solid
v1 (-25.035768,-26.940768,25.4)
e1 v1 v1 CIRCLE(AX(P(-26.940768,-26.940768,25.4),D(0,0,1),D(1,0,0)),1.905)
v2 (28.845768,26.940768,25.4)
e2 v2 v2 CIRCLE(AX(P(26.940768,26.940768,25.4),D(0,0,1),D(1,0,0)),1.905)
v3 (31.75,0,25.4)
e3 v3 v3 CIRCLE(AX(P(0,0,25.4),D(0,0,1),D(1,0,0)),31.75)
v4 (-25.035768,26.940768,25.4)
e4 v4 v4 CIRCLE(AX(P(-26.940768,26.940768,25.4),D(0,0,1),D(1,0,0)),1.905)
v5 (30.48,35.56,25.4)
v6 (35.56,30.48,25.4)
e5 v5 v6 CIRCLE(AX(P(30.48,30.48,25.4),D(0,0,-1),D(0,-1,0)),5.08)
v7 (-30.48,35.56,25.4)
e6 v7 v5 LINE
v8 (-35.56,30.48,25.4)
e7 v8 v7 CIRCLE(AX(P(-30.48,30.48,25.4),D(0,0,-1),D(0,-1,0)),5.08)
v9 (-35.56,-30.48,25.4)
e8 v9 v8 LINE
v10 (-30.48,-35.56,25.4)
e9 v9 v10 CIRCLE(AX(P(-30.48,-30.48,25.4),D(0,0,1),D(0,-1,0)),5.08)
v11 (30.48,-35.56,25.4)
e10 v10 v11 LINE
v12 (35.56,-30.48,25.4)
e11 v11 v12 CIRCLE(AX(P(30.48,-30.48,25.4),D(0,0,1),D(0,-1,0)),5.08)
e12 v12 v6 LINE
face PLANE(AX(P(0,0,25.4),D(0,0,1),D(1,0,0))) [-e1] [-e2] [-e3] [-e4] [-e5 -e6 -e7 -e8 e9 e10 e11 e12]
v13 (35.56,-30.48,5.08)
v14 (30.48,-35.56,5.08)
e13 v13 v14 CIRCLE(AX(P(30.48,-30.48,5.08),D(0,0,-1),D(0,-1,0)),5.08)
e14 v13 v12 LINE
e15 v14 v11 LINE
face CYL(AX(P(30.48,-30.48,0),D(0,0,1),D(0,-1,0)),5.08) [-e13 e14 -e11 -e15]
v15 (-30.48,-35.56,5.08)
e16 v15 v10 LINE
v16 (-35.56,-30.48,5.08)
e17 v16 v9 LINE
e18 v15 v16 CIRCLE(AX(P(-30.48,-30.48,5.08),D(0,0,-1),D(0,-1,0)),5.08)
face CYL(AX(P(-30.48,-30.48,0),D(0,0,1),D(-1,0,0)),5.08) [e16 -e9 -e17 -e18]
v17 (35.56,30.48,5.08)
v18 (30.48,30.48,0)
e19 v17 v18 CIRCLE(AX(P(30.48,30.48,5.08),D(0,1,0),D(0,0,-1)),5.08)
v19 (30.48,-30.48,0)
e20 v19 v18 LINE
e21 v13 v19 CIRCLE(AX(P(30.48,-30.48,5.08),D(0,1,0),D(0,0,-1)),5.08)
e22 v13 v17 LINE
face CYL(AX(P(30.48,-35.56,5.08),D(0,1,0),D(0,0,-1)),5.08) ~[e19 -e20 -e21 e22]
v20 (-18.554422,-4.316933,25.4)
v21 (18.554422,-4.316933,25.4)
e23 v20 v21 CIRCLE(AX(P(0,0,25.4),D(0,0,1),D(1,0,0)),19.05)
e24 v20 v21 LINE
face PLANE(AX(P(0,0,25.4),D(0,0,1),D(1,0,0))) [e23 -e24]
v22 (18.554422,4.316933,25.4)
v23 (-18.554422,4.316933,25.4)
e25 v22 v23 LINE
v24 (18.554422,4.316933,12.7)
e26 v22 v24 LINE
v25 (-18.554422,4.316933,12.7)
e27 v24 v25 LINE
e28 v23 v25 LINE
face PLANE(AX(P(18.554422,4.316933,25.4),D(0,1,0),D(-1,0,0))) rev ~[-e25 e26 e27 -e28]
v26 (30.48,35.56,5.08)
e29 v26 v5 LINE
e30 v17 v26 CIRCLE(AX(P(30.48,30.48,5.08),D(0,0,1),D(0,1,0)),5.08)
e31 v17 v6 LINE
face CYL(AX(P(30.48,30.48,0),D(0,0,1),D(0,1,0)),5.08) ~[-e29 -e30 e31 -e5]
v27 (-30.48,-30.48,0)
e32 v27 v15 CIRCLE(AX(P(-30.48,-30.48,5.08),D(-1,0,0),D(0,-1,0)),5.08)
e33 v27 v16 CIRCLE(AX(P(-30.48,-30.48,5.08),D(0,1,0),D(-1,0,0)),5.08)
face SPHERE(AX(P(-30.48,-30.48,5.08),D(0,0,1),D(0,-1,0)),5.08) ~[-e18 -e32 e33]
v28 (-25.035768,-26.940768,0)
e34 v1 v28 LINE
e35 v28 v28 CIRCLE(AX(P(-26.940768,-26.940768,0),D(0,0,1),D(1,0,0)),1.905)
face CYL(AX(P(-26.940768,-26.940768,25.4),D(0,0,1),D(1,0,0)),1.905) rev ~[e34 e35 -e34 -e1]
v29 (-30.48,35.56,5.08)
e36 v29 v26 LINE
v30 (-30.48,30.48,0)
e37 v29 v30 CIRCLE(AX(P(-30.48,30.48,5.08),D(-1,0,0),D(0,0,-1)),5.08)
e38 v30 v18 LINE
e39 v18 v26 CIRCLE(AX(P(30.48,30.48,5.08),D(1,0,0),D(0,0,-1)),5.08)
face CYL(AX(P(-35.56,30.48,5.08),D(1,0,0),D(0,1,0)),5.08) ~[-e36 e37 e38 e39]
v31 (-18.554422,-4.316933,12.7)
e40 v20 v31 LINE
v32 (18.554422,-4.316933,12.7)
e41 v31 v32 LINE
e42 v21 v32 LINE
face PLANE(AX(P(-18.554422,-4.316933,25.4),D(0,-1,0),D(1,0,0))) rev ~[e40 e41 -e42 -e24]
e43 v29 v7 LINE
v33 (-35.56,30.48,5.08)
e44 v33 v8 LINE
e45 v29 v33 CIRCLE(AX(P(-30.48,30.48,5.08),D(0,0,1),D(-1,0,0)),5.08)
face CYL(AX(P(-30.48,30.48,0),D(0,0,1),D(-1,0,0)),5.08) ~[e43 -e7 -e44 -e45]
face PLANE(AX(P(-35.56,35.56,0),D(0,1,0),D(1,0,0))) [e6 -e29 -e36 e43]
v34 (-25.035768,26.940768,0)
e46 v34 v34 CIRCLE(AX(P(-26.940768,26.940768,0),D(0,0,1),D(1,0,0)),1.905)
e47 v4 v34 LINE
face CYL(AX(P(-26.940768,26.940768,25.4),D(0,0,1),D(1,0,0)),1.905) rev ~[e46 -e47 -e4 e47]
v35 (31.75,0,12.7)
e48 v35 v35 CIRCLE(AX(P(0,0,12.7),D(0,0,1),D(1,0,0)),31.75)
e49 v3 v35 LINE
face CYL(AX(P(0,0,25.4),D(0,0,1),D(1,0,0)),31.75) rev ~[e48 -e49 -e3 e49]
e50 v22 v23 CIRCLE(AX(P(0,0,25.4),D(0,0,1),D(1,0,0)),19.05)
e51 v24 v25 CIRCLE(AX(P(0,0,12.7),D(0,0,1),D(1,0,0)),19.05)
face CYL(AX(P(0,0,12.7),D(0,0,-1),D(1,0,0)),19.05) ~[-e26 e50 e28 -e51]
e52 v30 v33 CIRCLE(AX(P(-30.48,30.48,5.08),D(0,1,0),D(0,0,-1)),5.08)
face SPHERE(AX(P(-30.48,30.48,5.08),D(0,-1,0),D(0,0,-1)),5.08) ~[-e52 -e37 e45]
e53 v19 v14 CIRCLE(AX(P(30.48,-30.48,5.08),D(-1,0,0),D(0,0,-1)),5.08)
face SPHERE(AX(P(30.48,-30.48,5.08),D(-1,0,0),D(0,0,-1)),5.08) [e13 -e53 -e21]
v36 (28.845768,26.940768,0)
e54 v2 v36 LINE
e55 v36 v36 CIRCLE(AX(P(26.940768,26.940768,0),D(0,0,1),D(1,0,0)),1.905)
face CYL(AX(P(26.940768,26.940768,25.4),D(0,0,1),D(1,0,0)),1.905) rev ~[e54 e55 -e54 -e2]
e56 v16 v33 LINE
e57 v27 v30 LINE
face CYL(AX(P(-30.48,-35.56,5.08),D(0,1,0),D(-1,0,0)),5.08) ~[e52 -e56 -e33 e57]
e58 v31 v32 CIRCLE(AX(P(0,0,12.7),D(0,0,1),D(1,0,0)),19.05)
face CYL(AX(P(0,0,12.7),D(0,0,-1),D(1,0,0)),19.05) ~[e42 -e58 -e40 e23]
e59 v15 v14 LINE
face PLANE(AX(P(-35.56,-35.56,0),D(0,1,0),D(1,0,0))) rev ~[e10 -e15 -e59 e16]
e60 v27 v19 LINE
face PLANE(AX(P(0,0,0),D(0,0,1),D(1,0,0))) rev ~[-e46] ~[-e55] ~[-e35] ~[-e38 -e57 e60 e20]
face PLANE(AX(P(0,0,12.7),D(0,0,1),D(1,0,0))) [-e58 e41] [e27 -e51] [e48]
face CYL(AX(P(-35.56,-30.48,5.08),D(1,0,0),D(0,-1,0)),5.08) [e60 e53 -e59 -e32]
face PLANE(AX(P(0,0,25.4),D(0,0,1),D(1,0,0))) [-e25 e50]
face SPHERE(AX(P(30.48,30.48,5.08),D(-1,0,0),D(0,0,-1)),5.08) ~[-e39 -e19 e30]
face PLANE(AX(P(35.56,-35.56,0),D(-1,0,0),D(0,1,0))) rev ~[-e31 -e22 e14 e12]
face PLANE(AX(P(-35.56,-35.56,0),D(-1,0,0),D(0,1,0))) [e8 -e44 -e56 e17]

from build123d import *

# Parameters (mm, degrees)
F0_W     = 71.12
F0_H     = 71.12
F1_DEPTH = 25.4
F2_R     = 31.75
F3_DEPTH = 12.7
F4_R     = 19.05
F5_DEPTH = 12.7
F6_R     = 1.905
F7_DEPTH = 25.401
F9_DEPTH = 12.7
F10_R    = 5.08


with BuildPart() as f1:
    # F0 (on Top) → F1 (new body)
    with BuildSketch(Plane.XY):
        Rectangle(F0_W, F0_H)
    extrude(amount=F1_DEPTH)

    # F2 (on face) → F3 (cut)
    with BuildSketch(Plane.XY.offset(25.4)):
        Circle(F2_R)
    extrude(amount=-F3_DEPTH, mode=Mode.SUBTRACT)

    # F4 (on face) → F5 (join)
    with BuildSketch(Plane.XY.offset(12.7)):
        Circle(F4_R)
    extrude(amount=F5_DEPTH)

    # F6 (on face) → F7 (cut, through all)
    with BuildSketch(Plane.XY.offset(25.4)):
        with Locations((-26.9407683632, -26.9407683632)):
            Circle(F6_R)
        with Locations((-26.9407683632, 26.9407683632)):
            Circle(F6_R)
        with Locations((26.9407683632, 26.9407683632)):
            Circle(F6_R)
    extrude(amount=-F7_DEPTH, mode=Mode.SUBTRACT)

    # F8 (on face) → F9 (cut)
    with BuildSketch(Plane.XY.offset(25.4)):
        with BuildLine():
            ThreePointArc((18.5544223232, -4.3169332), (19.05, 0), (18.5544223232, 4.3169332))
            Line((18.5544223232, 4.3169332), (-18.5544223232, 4.3169332))
            ThreePointArc((-18.5544223232, 4.3169332), (-19.05, 0), (-18.5544223232, -4.3169332))
            Line((-18.5544223232, -4.3169332), (18.5544223232, -4.3169332))
        make_face()
    extrude(amount=-F9_DEPTH, mode=Mode.SUBTRACT)

    # F10
    f10_edges = [f1.edges().sort_by_distance(p)[0] for p in [
        (-35.56, -35.56, 12.7),
        (0, -35.56, 0),
        (-35.56, 0, 0),
        (0, 35.56, 0),
        (35.56, 0, 0),
        (35.56, -35.56, 12.7),
        (35.56, 35.56, 12.7),
        (-35.56, 35.56, 12.7),
    ]]
    fillet(f10_edges, radius=F10_R)


solid = f1.part
